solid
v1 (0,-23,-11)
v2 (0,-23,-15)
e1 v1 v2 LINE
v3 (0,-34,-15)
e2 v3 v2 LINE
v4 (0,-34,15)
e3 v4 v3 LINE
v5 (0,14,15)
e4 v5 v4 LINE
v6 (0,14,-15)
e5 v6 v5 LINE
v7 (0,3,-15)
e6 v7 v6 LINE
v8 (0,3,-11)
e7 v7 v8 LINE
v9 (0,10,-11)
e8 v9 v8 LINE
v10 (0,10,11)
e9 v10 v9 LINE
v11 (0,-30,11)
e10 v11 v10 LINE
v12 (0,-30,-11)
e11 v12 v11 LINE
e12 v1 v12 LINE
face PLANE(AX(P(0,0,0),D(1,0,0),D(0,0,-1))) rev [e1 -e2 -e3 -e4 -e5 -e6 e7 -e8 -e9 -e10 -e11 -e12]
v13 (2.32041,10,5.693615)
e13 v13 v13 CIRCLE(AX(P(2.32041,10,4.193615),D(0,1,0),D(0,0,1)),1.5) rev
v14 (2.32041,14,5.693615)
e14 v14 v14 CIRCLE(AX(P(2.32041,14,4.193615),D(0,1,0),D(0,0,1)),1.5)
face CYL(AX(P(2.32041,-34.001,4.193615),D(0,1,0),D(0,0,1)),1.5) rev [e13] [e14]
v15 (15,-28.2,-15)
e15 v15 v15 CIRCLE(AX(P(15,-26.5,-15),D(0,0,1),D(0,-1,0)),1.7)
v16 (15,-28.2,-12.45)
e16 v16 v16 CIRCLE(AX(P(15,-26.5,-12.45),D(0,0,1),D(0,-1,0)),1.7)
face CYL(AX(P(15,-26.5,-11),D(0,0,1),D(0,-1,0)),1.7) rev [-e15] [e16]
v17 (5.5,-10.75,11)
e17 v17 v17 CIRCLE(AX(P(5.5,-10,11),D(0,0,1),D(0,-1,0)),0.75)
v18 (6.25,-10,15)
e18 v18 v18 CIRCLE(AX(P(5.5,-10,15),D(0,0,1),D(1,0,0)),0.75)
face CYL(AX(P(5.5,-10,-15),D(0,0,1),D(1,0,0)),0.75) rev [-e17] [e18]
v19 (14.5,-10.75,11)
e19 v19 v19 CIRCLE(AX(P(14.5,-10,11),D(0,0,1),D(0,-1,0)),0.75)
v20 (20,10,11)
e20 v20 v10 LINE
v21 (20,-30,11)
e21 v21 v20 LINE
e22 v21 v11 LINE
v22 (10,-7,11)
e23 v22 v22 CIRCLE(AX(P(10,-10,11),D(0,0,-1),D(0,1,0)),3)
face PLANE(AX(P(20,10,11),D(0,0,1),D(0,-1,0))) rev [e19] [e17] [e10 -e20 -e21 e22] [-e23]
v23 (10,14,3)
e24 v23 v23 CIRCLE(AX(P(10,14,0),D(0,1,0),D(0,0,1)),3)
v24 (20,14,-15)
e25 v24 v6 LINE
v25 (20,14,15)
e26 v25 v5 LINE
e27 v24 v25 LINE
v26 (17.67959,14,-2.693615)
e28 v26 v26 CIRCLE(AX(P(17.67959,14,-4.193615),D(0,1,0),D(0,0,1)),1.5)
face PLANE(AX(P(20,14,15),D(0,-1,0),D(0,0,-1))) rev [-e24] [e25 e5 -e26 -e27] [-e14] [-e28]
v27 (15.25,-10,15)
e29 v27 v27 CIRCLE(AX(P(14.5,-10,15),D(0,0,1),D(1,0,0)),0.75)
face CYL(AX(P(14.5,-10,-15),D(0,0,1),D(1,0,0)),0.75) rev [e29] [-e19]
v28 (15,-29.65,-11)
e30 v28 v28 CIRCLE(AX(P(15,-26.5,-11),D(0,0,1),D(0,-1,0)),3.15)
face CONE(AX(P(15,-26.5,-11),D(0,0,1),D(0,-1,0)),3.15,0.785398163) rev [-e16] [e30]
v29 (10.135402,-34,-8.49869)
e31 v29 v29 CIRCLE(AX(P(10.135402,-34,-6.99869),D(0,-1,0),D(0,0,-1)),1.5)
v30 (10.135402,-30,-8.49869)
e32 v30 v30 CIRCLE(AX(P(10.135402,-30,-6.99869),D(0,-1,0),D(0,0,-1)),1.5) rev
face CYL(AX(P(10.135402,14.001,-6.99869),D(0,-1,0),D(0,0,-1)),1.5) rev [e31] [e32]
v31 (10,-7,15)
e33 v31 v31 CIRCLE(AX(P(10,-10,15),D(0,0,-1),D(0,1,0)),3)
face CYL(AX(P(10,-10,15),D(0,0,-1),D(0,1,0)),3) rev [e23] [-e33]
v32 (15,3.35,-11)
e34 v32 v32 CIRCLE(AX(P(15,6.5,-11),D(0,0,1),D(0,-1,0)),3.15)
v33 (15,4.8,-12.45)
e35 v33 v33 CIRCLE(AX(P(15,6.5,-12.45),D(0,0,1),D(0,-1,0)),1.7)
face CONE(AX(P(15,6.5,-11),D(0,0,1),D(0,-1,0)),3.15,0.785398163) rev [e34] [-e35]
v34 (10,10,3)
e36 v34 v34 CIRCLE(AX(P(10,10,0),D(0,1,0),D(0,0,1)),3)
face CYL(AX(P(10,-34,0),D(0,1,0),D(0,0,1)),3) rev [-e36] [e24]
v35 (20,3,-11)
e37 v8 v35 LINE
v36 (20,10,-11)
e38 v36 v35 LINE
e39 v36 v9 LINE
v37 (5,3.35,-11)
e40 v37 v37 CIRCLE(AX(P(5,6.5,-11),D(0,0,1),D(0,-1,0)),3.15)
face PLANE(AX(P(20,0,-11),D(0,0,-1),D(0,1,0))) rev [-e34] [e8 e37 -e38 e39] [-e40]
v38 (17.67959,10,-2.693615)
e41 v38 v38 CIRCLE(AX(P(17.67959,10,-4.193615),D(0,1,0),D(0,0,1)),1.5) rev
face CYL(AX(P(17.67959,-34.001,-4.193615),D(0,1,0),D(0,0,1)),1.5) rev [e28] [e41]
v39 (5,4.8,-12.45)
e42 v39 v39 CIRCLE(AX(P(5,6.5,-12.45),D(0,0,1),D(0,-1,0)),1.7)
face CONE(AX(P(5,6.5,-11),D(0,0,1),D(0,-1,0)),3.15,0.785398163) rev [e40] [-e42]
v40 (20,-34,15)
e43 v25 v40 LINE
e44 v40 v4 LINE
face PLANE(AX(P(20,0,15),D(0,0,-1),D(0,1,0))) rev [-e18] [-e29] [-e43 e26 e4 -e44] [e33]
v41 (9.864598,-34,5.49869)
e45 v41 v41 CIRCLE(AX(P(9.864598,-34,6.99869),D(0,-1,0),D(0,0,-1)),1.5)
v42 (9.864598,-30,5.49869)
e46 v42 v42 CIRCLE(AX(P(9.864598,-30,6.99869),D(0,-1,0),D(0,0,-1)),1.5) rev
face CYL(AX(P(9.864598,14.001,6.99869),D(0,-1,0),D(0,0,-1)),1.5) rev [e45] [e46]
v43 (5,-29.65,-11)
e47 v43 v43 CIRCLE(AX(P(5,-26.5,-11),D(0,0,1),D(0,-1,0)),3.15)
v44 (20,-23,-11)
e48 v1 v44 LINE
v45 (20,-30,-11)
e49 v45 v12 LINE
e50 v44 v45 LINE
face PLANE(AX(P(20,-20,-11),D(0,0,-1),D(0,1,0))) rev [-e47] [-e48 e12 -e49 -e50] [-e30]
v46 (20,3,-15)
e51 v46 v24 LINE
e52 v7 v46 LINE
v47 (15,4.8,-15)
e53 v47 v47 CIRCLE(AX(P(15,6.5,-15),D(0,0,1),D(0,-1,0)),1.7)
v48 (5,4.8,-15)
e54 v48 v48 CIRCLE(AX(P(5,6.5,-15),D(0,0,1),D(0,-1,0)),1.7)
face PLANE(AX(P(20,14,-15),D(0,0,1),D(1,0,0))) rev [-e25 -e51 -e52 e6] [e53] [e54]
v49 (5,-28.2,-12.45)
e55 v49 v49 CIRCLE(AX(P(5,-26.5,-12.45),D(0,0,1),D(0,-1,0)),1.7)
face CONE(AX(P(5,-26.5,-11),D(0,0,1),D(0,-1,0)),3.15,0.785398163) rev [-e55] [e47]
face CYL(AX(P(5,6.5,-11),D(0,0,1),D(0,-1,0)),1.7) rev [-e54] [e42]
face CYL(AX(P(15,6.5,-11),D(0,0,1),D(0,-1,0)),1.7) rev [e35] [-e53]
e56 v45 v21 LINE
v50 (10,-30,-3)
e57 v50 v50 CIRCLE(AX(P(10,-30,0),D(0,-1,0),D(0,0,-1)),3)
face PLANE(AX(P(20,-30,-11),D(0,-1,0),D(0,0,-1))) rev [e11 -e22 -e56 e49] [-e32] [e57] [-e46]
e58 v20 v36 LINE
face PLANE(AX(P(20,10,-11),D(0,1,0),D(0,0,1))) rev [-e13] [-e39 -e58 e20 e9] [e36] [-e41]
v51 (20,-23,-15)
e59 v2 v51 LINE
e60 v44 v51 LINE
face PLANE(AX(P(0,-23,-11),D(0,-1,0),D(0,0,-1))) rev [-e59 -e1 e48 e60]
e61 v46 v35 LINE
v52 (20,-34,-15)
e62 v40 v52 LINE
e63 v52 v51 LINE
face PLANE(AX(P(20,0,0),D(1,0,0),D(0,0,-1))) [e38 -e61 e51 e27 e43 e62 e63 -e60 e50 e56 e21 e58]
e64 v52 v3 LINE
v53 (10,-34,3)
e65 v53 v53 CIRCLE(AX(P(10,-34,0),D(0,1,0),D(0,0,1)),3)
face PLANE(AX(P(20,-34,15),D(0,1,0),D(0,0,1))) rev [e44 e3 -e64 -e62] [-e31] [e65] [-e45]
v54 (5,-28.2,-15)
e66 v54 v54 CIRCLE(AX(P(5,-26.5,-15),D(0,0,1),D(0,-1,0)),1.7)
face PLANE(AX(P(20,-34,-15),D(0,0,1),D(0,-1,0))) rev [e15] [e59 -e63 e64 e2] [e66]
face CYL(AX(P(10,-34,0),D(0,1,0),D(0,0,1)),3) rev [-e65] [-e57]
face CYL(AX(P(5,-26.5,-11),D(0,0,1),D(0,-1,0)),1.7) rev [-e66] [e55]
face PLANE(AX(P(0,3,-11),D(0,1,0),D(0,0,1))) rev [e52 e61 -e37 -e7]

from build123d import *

# Parameters (mm, degrees)
BOSS_EXTRUDE1_DEPTH                             = 20
SKETCH2_R                                       = 3
CUT_EXTRUDE1_DEPTH                              = 48.244047244
SKETCH3_R                                       = 3
CUT_EXTRUDE2_DEPTH                              = 55.120236511
SKETCH4_W                                       = 4
SKETCH4_H                                       = 3
CUT_EXTRUDE3_DEPTH                              = 43.201895692
CUT_EXTRUDE4_REACH                              = 56.12
SKETCH5_R                                       = 1.5
CUT_EXTRUDE5_REACH                              = 56.12
SKETCH6_R                                       = 1.5
CUT_EXTRUDE6_REACH                              = 51.558
SKETCH7_R                                       = 1.5
CSK_FOR_M3_FLAT_HEAD_MACHINE_SCREW1_D           = 3.4
CSK_FOR_M3_FLAT_HEAD_MACHINE_SCREW1_DEPTH       = 4
CSK_FOR_M3_FLAT_HEAD_MACHINE_SCREW1_CSINK_D     = 6.3
CSK_FOR_M3_FLAT_HEAD_MACHINE_SCREW1_CSINK_ANGLE = 90
SKETCH9_R                                       = 0.75
CUT_EXTRUDE7_DEPTH                              = 50.558046773


with BuildPart() as part:
    # Sketch1 → Boss-Extrude1 (new body)
    with BuildSketch(Plane(origin=(0, 0, 0), x_dir=(0, 0, -1), z_dir=(1, 0, 0))):
        Polygon((-15, 0), (-15, 14), (15, 14), (15, 0), (11, 0), (11, 10), (-11, 10), (-11, 0), (-11, -30), (11, -30), (11, -20), (15, -20), (15, -34), (-15, -34), (-15, -20), align=None)
    extrude(amount=BOSS_EXTRUDE1_DEPTH)

    # Sketch2 → Cut-Extrude1 (cut, through all)
    with BuildSketch(Plane(origin=(0, 0, 11), x_dir=(-1, 0, 0), z_dir=(0, 0, -1))):
        with Locations(Location((-10, -10, 0), (0, 0, 90))):
            Circle(SKETCH2_R)
    extrude(amount=-CUT_EXTRUDE1_DEPTH, mode=Mode.SUBTRACT)

    # Sketch3 → Cut-Extrude2 (cut, through all)
    with BuildSketch(Plane(origin=(0, 14, 0), x_dir=(1, 0, 0), z_dir=(0, 1, 0))):
        with Locations(Location((10, 0, 0), (0, 0, 270))):
            Circle(SKETCH3_R)
    extrude(amount=-CUT_EXTRUDE2_DEPTH, mode=Mode.SUBTRACT)

    # Sketch4 → Cut-Extrude3 (cut, through all)
    with BuildSketch(Plane(origin=(20, 0, 0), x_dir=(0, 0, -1), z_dir=(1, 0, 0))):
        with Locations((13, 1.5)):
            Rectangle(SKETCH4_W, SKETCH4_H)
        with Locations((13, -21.5)):
            Rectangle(SKETCH4_W, SKETCH4_H)
    extrude(amount=-CUT_EXTRUDE3_DEPTH, mode=Mode.SUBTRACT)

    # Sketch5 → Cut-Extrude4 (cut, up to next)
    with BuildSketch(Plane.XZ.offset(34), mode=Mode.PRIVATE) as cut_extrude4_sk1:
        with Locations(Location((9.864597697, 6.998690322, 0), (0, 0, 270))):
            Circle(SKETCH5_R)
    cut_extrude4_tool1 = extrude(cut_extrude4_sk1.sketch, amount=-CUT_EXTRUDE4_REACH, mode=Mode.PRIVATE) & part.part
    # Sketch5 → Cut-Extrude4 (cut, up to next)
    with BuildSketch(Plane.XZ.offset(34), mode=Mode.PRIVATE) as cut_extrude4_sk2:
        with Locations(Location((10.135402303, -6.998690322, 0), (0, 0, 270))):
            Circle(SKETCH5_R)
    cut_extrude4_tool2 = extrude(cut_extrude4_sk2.sketch, amount=-CUT_EXTRUDE4_REACH, mode=Mode.PRIVATE) & part.part
    add(cut_extrude4_tool1.solids().sort_by_distance((9.864598, -34, 6.99869))[0], mode=Mode.SUBTRACT)
    add(cut_extrude4_tool2.solids().sort_by_distance((10.135402, -34, -6.99869))[0], mode=Mode.SUBTRACT)

    # Sketch6 → Cut-Extrude5 (cut, up to next)
    with BuildSketch(Plane(origin=(0, 14, 0), x_dir=(1, 0, 0), z_dir=(0, 1, 0)), mode=Mode.PRIVATE) as cut_extrude5_sk1:
        with Locations(Location((17.679589652, 4.193614525, 0), (0, 0, 270))):
            Circle(SKETCH6_R)
    cut_extrude5_tool1 = extrude(cut_extrude5_sk1.sketch, amount=-CUT_EXTRUDE5_REACH, mode=Mode.PRIVATE) & part.part
    # Sketch6 → Cut-Extrude5 (cut, up to next)
    with BuildSketch(Plane(origin=(0, 14, 0), x_dir=(1, 0, 0), z_dir=(0, 1, 0)), mode=Mode.PRIVATE) as cut_extrude5_sk2:
        with Locations(Location((2.320410348, -4.193614525, 0), (0, 0, 270))):
            Circle(SKETCH6_R)
    cut_extrude5_tool2 = extrude(cut_extrude5_sk2.sketch, amount=-CUT_EXTRUDE5_REACH, mode=Mode.PRIVATE) & part.part
    add(cut_extrude5_tool1.solids().sort_by_distance((17.67959, 14, -4.193615))[0], mode=Mode.SUBTRACT)
    add(cut_extrude5_tool2.solids().sort_by_distance((2.32041, 14, 4.193615))[0], mode=Mode.SUBTRACT)

    # Sketch7 → Cut-Extrude6 (cut, up to next)
    with BuildSketch(Plane(origin=(0, 0, -15), x_dir=(-1, 0, 0), z_dir=(0, 0, -1)), mode=Mode.PRIVATE) as cut_extrude6_sk1:
        with Locations((-15, 6.5)):
            Circle(SKETCH7_R)
    cut_extrude6_tool1 = extrude(cut_extrude6_sk1.sketch, amount=-CUT_EXTRUDE6_REACH, mode=Mode.PRIVATE) & part.part
    # Sketch7 → Cut-Extrude6 (cut, up to next)
    with BuildSketch(Plane(origin=(0, 0, -15), x_dir=(-1, 0, 0), z_dir=(0, 0, -1)), mode=Mode.PRIVATE) as cut_extrude6_sk2:
        with Locations((-5, 6.5)):
            Circle(SKETCH7_R)
    cut_extrude6_tool2 = extrude(cut_extrude6_sk2.sketch, amount=-CUT_EXTRUDE6_REACH, mode=Mode.PRIVATE) & part.part
    cut_extrude6_1 = cut_extrude6_tool1.solids().sort_by_distance((15, 6.5, -15))[0]
    add(cut_extrude6_1, mode=Mode.SUBTRACT)
    cut_extrude6_2 = cut_extrude6_tool2.solids().sort_by_distance((5, 6.5, -15))[0]
    add(cut_extrude6_2, mode=Mode.SUBTRACT)
    cut_extrude6 = cut_extrude6_1 + cut_extrude6_2  # Cut-Extrude6 as one shape, for the pattern or mirror that repeats it

    # CSK for M3 Flat Head Machine Screw1
    with Locations(Plane(origin=(5, 6.5, -11), x_dir=(0, 1, 0), z_dir=(0, 0, 1))):
        with Locations((0, 0), (0, -10)):
            csk_for_m3_flat_head_machine_screw1 = CounterSinkHole(CSK_FOR_M3_FLAT_HEAD_MACHINE_SCREW1_D / 2, CSK_FOR_M3_FLAT_HEAD_MACHINE_SCREW1_CSINK_D / 2, depth=CSK_FOR_M3_FLAT_HEAD_MACHINE_SCREW1_DEPTH, counter_sink_angle=CSK_FOR_M3_FLAT_HEAD_MACHINE_SCREW1_CSINK_ANGLE)

    # Mirror1: Cut-Extrude6, CSK for M3 Flat Head Machine Screw1 across plane
    add(cut_extrude6.mirror(Plane.ZX.offset(-10)), mode=Mode.SUBTRACT)
    add(csk_for_m3_flat_head_machine_screw1.mirror(Plane.ZX.offset(-10)), mode=Mode.SUBTRACT)

    # Sketch9 → Cut-Extrude7 (cut, through all)
    with BuildSketch(Plane.XY.offset(15)):
        with Locations((5.5, -10)):
            Circle(SKETCH9_R)
        with Locations((14.5, -10)):
            Circle(SKETCH9_R)
    extrude(amount=-CUT_EXTRUDE7_DEPTH, mode=Mode.SUBTRACT)


solid = part.part
